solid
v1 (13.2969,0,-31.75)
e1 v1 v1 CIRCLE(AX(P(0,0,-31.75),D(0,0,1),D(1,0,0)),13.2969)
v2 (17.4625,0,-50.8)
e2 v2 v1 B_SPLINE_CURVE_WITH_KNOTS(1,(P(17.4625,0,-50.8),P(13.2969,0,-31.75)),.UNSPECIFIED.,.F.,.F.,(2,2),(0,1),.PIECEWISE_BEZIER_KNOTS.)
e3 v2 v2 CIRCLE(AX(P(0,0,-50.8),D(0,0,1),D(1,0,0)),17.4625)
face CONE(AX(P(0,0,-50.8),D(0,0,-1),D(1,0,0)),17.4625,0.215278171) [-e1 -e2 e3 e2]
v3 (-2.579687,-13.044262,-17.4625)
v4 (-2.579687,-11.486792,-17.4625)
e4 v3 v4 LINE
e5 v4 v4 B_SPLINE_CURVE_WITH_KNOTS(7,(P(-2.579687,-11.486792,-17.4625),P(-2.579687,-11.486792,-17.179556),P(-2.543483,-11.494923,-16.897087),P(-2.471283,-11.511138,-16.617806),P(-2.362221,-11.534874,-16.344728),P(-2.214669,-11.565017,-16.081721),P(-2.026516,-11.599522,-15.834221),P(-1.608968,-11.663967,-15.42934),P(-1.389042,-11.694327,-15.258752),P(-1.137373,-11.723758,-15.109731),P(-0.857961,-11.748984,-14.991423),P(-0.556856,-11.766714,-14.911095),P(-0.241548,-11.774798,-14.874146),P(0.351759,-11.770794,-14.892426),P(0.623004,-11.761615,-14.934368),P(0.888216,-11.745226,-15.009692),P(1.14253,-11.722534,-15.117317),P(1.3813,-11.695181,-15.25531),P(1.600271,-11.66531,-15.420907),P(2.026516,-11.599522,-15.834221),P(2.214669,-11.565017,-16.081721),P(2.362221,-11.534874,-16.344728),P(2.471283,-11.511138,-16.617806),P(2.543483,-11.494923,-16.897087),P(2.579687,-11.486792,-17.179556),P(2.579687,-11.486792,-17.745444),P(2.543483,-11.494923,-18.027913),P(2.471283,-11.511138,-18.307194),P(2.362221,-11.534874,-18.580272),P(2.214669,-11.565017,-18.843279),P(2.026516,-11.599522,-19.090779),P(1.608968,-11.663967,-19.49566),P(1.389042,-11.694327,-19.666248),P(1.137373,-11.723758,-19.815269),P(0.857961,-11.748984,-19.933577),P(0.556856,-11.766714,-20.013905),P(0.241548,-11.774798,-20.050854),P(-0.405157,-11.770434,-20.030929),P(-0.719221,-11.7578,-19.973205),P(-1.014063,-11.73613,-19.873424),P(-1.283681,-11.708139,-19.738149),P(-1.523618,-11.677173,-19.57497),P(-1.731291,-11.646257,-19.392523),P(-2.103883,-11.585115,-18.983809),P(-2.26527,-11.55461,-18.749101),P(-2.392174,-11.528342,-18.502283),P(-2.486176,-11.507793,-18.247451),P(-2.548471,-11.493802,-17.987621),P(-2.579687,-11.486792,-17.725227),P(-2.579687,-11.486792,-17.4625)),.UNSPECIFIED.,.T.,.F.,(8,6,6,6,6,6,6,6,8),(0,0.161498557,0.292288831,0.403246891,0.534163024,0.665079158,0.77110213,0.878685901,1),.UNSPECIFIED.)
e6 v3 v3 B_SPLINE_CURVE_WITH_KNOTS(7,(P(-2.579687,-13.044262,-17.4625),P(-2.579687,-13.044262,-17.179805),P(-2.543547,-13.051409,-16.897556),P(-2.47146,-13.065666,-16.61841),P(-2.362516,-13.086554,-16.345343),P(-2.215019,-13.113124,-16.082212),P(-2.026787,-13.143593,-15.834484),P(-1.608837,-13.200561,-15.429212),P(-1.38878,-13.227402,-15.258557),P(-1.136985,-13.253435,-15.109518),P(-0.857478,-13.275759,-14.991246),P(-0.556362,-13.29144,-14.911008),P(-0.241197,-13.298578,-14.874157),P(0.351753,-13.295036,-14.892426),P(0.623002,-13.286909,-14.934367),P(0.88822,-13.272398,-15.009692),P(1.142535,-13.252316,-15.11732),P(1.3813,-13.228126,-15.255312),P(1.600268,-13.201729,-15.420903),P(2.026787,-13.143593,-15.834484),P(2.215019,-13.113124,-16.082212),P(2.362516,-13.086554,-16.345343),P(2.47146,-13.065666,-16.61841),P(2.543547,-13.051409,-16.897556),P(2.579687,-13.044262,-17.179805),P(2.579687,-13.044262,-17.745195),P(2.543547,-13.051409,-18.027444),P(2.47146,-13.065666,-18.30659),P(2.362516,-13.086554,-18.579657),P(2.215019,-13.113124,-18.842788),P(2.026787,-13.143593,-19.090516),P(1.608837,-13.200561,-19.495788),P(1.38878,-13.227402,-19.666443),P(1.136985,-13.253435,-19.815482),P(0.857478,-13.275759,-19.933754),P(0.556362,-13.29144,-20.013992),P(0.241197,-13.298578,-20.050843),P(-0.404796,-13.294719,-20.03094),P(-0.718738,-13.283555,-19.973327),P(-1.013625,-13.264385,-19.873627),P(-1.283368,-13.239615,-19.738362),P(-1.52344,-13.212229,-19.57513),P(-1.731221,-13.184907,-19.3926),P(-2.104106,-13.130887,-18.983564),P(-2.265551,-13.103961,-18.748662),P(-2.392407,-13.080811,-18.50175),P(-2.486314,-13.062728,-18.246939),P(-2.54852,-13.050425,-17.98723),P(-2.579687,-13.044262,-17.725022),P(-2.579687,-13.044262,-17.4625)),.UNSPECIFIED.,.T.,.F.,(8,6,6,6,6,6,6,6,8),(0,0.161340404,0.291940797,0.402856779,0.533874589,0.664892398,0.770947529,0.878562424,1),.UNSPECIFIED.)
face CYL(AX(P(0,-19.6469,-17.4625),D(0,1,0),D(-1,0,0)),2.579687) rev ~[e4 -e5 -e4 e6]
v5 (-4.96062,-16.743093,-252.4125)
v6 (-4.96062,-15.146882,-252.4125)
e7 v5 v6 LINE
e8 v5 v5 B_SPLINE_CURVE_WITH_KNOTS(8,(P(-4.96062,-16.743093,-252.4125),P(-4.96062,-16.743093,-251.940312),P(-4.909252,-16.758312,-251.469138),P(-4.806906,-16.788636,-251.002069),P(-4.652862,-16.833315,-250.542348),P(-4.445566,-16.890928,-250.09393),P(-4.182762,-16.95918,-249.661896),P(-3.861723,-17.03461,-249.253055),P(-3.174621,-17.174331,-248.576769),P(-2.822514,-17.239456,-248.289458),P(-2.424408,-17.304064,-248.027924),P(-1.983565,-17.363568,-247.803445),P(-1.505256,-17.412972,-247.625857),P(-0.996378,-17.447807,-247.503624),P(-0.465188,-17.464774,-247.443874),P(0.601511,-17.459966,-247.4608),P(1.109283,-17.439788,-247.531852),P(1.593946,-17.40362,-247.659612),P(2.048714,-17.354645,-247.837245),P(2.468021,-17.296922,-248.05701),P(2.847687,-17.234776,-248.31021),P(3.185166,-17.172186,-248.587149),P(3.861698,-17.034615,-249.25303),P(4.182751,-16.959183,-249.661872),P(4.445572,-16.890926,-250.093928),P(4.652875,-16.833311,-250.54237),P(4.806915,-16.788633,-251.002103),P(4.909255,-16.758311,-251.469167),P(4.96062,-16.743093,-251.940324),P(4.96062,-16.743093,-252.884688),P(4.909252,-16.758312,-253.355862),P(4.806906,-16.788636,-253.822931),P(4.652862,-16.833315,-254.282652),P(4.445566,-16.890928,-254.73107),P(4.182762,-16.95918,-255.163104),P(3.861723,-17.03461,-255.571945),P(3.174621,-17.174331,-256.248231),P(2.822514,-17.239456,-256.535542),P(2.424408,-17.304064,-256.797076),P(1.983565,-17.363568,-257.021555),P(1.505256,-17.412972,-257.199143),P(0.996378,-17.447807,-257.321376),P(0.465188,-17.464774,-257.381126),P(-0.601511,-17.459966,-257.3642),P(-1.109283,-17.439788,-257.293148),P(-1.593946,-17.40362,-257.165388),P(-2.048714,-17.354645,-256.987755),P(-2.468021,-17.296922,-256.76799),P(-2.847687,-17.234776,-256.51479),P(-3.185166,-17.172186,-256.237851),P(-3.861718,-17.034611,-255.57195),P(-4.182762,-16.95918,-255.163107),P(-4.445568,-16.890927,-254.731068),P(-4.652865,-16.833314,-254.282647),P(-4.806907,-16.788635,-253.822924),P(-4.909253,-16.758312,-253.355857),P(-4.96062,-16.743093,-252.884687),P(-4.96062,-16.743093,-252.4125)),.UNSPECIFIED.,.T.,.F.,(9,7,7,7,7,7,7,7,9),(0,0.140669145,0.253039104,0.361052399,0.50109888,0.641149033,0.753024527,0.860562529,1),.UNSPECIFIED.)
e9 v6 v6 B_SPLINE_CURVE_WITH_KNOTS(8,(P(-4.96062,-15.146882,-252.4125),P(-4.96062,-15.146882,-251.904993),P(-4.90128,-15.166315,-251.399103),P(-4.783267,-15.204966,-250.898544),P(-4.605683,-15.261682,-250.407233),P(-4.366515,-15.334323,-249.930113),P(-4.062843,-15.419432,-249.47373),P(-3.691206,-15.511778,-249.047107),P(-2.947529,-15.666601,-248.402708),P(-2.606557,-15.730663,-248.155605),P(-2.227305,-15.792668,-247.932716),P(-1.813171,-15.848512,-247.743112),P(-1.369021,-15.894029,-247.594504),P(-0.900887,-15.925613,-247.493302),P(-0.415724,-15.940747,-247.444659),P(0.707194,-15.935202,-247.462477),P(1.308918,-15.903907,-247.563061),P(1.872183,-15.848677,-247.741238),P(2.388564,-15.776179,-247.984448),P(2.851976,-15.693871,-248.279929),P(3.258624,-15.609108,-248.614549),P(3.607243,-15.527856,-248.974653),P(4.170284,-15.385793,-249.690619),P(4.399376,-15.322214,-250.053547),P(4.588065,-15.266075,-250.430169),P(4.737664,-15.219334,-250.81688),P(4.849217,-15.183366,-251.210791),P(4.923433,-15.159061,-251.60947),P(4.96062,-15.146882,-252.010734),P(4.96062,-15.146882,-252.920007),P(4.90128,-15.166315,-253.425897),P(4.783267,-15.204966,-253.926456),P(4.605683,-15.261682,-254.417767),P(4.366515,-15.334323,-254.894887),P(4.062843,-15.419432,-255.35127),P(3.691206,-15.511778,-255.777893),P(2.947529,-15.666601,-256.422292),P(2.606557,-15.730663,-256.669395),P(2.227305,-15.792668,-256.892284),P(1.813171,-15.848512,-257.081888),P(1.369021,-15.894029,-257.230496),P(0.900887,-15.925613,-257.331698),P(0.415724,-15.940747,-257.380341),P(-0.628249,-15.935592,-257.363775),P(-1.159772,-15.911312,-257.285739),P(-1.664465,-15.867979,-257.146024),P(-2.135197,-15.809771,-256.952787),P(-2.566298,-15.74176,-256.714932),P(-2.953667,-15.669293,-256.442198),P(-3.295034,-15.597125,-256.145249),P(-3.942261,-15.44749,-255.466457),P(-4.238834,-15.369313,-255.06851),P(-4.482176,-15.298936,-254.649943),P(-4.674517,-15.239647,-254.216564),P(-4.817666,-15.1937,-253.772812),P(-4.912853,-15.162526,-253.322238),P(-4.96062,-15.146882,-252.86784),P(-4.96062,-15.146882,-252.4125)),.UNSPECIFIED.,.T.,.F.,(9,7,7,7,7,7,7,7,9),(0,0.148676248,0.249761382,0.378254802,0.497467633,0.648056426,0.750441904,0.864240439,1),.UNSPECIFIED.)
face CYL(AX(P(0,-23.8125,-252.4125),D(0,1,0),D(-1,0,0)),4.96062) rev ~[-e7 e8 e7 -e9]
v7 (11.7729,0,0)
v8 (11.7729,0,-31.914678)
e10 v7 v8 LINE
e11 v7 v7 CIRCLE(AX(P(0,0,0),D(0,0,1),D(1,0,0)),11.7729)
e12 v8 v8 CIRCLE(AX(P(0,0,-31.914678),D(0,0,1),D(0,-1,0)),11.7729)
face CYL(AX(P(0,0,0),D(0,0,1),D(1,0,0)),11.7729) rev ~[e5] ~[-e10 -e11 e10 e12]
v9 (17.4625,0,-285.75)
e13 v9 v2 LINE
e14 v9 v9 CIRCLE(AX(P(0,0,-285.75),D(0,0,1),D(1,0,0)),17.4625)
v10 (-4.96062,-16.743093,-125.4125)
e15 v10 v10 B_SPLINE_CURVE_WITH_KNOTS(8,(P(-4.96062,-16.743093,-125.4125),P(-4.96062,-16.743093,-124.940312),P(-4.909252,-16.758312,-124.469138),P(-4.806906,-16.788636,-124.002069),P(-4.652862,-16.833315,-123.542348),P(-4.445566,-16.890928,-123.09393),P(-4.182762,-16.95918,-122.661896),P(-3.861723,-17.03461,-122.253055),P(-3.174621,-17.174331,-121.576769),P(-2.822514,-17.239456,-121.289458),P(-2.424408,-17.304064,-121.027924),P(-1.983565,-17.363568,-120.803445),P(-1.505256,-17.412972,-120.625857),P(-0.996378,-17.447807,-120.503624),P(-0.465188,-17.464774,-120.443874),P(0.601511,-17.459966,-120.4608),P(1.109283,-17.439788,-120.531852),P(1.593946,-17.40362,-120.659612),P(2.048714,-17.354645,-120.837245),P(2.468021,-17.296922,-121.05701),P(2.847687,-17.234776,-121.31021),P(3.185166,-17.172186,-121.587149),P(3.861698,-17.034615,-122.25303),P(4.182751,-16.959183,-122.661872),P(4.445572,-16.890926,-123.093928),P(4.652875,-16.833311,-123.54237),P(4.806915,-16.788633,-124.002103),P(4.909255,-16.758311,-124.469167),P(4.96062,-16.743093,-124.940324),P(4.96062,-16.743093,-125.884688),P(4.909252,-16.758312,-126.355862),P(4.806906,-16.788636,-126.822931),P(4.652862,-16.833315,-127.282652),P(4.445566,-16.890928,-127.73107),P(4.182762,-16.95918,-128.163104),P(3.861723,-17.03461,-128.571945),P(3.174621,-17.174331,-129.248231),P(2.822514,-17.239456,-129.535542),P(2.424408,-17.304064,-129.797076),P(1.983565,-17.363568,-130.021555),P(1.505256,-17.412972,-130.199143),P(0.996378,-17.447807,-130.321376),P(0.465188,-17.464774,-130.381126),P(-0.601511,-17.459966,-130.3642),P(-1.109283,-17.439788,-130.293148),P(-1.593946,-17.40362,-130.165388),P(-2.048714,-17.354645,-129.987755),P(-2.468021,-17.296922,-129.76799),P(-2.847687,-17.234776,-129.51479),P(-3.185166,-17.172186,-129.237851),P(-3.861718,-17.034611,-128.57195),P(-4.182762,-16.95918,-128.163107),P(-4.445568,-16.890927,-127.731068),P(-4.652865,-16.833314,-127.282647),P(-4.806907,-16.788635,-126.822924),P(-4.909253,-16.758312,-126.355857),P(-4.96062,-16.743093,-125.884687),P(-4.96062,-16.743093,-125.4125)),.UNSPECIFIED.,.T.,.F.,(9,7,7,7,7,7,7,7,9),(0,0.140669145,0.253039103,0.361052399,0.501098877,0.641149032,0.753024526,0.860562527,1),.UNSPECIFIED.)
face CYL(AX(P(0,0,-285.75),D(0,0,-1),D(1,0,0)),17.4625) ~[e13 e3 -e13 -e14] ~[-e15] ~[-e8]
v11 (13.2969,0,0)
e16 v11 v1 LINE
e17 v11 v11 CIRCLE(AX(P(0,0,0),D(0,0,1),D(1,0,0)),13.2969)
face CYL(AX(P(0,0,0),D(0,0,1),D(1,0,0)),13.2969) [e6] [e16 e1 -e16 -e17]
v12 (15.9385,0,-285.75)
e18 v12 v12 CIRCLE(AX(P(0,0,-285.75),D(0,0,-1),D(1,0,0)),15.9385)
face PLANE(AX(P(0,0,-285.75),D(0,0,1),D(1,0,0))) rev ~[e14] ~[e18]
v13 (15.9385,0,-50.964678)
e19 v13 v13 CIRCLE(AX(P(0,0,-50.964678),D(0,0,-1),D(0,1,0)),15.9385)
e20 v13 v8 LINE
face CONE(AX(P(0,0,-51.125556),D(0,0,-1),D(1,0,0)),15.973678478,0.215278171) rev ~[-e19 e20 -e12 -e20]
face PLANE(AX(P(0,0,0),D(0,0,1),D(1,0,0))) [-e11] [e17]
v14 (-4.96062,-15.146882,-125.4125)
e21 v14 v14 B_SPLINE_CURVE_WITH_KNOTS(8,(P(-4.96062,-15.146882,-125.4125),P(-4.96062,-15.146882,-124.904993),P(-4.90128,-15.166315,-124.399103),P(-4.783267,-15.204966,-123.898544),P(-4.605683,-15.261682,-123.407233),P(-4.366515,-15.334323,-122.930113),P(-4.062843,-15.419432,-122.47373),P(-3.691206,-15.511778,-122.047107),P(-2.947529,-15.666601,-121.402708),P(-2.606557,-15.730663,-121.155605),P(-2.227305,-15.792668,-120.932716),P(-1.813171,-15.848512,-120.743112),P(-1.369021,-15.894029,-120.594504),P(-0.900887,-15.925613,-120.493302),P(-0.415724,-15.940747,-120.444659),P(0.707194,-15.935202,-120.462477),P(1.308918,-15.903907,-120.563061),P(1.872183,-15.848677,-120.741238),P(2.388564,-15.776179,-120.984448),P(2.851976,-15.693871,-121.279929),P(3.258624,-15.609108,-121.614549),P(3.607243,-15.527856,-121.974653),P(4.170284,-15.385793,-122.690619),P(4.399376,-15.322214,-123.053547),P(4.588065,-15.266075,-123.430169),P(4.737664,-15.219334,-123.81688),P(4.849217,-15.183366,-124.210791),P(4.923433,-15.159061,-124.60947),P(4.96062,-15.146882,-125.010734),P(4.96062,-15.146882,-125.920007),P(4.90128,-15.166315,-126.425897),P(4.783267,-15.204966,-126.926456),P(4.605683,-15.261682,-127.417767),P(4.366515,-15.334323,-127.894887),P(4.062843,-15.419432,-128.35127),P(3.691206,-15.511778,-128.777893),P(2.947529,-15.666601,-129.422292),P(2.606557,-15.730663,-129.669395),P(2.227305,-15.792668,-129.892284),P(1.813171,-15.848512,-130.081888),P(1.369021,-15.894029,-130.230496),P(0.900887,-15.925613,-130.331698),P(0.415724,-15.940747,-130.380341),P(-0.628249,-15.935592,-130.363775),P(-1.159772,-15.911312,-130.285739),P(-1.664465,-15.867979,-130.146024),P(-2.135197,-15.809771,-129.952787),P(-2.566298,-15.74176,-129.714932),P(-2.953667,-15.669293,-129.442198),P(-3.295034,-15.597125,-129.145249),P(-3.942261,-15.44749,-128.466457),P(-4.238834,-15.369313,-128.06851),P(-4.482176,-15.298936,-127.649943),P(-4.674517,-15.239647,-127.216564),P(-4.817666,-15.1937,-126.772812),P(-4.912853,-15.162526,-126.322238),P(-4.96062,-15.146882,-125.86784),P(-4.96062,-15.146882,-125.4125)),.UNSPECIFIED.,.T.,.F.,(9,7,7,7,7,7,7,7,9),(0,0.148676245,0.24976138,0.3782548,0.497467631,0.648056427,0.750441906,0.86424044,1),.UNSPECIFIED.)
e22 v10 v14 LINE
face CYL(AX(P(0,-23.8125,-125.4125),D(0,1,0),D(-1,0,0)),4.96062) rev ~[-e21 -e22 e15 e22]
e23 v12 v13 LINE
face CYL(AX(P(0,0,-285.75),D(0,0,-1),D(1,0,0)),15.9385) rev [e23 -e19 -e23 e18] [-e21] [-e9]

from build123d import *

# Parameters (mm, degrees)
F0_R      = 13.2969
F1_DEPTH  = 31.75
F3_R      = 17.4625
F4_DEPTH  = 234.95
F4_FACE_R = 17.4625
F1_FACE_R = 13.2969
F6_T      = -1.524
F12_D     = 9.92124
F12_DEPTH = 6.35
F12_TIP   = 2.980641204
F13_D     = 5.159375
F13_DEPTH = 6.35
F13_TIP   = 1.5500326281


with BuildPart() as f1:
    # F0 (on Top) → F1 (new body)
    with BuildSketch(Plane.XY):
        Circle(F0_R)
    extrude(amount=-F1_DEPTH)



with BuildPart() as f4:
    # F3 (on offset) → F4 (new body)
    with BuildSketch(Plane.XY.offset(-285.75)):
        Circle(F3_R)
    extrude(amount=F4_DEPTH)


with BuildPart() as f1_1:
    add(f1.part)

    add(f4.part)  # F5 merges F4
    # F4_face (on face) → F5 section 0
    with BuildSketch(Plane.XY.offset(-50.8)):
        Circle(F4_FACE_R)
    # F1_face (on face) → F5 section 1
    with BuildSketch(Plane(origin=(0, 0, -31.75), x_dir=(1, 0, 0), z_dir=(0, 0, -1))):
        Circle(F1_FACE_R)
    loft()

    # F6
    f6_openings = [f1_1.faces().sort_by_distance(p)[0] for p in [
        (0, 0, 0),
        (0, 0, -285.75),
    ]]
    offset(amount=F6_T, openings=f6_openings, kind=Kind.INTERSECTION)

    # F12
    with Locations(Plane.XZ.offset(17.4625)):
        with Locations((0, -125.4125), (0, -252.4125)):
            Hole(F12_D / 2, depth=F12_DEPTH)
            with Locations((0, 0, -(F12_DEPTH + F12_TIP / 2))):  # 118° drill point
                Cone(0, F12_D / 2, F12_TIP, mode=Mode.SUBTRACT)

    # F13
    with Locations(Plane.XZ.offset(13.2969)):
        with Locations((0, -17.4625)):
            Hole(F13_D / 2, depth=F13_DEPTH)
            with Locations((0, 0, -(F13_DEPTH + F13_TIP / 2))):  # 118° drill point
                Cone(0, F13_D / 2, F13_TIP, mode=Mode.SUBTRACT)


solid = f1_1.part
